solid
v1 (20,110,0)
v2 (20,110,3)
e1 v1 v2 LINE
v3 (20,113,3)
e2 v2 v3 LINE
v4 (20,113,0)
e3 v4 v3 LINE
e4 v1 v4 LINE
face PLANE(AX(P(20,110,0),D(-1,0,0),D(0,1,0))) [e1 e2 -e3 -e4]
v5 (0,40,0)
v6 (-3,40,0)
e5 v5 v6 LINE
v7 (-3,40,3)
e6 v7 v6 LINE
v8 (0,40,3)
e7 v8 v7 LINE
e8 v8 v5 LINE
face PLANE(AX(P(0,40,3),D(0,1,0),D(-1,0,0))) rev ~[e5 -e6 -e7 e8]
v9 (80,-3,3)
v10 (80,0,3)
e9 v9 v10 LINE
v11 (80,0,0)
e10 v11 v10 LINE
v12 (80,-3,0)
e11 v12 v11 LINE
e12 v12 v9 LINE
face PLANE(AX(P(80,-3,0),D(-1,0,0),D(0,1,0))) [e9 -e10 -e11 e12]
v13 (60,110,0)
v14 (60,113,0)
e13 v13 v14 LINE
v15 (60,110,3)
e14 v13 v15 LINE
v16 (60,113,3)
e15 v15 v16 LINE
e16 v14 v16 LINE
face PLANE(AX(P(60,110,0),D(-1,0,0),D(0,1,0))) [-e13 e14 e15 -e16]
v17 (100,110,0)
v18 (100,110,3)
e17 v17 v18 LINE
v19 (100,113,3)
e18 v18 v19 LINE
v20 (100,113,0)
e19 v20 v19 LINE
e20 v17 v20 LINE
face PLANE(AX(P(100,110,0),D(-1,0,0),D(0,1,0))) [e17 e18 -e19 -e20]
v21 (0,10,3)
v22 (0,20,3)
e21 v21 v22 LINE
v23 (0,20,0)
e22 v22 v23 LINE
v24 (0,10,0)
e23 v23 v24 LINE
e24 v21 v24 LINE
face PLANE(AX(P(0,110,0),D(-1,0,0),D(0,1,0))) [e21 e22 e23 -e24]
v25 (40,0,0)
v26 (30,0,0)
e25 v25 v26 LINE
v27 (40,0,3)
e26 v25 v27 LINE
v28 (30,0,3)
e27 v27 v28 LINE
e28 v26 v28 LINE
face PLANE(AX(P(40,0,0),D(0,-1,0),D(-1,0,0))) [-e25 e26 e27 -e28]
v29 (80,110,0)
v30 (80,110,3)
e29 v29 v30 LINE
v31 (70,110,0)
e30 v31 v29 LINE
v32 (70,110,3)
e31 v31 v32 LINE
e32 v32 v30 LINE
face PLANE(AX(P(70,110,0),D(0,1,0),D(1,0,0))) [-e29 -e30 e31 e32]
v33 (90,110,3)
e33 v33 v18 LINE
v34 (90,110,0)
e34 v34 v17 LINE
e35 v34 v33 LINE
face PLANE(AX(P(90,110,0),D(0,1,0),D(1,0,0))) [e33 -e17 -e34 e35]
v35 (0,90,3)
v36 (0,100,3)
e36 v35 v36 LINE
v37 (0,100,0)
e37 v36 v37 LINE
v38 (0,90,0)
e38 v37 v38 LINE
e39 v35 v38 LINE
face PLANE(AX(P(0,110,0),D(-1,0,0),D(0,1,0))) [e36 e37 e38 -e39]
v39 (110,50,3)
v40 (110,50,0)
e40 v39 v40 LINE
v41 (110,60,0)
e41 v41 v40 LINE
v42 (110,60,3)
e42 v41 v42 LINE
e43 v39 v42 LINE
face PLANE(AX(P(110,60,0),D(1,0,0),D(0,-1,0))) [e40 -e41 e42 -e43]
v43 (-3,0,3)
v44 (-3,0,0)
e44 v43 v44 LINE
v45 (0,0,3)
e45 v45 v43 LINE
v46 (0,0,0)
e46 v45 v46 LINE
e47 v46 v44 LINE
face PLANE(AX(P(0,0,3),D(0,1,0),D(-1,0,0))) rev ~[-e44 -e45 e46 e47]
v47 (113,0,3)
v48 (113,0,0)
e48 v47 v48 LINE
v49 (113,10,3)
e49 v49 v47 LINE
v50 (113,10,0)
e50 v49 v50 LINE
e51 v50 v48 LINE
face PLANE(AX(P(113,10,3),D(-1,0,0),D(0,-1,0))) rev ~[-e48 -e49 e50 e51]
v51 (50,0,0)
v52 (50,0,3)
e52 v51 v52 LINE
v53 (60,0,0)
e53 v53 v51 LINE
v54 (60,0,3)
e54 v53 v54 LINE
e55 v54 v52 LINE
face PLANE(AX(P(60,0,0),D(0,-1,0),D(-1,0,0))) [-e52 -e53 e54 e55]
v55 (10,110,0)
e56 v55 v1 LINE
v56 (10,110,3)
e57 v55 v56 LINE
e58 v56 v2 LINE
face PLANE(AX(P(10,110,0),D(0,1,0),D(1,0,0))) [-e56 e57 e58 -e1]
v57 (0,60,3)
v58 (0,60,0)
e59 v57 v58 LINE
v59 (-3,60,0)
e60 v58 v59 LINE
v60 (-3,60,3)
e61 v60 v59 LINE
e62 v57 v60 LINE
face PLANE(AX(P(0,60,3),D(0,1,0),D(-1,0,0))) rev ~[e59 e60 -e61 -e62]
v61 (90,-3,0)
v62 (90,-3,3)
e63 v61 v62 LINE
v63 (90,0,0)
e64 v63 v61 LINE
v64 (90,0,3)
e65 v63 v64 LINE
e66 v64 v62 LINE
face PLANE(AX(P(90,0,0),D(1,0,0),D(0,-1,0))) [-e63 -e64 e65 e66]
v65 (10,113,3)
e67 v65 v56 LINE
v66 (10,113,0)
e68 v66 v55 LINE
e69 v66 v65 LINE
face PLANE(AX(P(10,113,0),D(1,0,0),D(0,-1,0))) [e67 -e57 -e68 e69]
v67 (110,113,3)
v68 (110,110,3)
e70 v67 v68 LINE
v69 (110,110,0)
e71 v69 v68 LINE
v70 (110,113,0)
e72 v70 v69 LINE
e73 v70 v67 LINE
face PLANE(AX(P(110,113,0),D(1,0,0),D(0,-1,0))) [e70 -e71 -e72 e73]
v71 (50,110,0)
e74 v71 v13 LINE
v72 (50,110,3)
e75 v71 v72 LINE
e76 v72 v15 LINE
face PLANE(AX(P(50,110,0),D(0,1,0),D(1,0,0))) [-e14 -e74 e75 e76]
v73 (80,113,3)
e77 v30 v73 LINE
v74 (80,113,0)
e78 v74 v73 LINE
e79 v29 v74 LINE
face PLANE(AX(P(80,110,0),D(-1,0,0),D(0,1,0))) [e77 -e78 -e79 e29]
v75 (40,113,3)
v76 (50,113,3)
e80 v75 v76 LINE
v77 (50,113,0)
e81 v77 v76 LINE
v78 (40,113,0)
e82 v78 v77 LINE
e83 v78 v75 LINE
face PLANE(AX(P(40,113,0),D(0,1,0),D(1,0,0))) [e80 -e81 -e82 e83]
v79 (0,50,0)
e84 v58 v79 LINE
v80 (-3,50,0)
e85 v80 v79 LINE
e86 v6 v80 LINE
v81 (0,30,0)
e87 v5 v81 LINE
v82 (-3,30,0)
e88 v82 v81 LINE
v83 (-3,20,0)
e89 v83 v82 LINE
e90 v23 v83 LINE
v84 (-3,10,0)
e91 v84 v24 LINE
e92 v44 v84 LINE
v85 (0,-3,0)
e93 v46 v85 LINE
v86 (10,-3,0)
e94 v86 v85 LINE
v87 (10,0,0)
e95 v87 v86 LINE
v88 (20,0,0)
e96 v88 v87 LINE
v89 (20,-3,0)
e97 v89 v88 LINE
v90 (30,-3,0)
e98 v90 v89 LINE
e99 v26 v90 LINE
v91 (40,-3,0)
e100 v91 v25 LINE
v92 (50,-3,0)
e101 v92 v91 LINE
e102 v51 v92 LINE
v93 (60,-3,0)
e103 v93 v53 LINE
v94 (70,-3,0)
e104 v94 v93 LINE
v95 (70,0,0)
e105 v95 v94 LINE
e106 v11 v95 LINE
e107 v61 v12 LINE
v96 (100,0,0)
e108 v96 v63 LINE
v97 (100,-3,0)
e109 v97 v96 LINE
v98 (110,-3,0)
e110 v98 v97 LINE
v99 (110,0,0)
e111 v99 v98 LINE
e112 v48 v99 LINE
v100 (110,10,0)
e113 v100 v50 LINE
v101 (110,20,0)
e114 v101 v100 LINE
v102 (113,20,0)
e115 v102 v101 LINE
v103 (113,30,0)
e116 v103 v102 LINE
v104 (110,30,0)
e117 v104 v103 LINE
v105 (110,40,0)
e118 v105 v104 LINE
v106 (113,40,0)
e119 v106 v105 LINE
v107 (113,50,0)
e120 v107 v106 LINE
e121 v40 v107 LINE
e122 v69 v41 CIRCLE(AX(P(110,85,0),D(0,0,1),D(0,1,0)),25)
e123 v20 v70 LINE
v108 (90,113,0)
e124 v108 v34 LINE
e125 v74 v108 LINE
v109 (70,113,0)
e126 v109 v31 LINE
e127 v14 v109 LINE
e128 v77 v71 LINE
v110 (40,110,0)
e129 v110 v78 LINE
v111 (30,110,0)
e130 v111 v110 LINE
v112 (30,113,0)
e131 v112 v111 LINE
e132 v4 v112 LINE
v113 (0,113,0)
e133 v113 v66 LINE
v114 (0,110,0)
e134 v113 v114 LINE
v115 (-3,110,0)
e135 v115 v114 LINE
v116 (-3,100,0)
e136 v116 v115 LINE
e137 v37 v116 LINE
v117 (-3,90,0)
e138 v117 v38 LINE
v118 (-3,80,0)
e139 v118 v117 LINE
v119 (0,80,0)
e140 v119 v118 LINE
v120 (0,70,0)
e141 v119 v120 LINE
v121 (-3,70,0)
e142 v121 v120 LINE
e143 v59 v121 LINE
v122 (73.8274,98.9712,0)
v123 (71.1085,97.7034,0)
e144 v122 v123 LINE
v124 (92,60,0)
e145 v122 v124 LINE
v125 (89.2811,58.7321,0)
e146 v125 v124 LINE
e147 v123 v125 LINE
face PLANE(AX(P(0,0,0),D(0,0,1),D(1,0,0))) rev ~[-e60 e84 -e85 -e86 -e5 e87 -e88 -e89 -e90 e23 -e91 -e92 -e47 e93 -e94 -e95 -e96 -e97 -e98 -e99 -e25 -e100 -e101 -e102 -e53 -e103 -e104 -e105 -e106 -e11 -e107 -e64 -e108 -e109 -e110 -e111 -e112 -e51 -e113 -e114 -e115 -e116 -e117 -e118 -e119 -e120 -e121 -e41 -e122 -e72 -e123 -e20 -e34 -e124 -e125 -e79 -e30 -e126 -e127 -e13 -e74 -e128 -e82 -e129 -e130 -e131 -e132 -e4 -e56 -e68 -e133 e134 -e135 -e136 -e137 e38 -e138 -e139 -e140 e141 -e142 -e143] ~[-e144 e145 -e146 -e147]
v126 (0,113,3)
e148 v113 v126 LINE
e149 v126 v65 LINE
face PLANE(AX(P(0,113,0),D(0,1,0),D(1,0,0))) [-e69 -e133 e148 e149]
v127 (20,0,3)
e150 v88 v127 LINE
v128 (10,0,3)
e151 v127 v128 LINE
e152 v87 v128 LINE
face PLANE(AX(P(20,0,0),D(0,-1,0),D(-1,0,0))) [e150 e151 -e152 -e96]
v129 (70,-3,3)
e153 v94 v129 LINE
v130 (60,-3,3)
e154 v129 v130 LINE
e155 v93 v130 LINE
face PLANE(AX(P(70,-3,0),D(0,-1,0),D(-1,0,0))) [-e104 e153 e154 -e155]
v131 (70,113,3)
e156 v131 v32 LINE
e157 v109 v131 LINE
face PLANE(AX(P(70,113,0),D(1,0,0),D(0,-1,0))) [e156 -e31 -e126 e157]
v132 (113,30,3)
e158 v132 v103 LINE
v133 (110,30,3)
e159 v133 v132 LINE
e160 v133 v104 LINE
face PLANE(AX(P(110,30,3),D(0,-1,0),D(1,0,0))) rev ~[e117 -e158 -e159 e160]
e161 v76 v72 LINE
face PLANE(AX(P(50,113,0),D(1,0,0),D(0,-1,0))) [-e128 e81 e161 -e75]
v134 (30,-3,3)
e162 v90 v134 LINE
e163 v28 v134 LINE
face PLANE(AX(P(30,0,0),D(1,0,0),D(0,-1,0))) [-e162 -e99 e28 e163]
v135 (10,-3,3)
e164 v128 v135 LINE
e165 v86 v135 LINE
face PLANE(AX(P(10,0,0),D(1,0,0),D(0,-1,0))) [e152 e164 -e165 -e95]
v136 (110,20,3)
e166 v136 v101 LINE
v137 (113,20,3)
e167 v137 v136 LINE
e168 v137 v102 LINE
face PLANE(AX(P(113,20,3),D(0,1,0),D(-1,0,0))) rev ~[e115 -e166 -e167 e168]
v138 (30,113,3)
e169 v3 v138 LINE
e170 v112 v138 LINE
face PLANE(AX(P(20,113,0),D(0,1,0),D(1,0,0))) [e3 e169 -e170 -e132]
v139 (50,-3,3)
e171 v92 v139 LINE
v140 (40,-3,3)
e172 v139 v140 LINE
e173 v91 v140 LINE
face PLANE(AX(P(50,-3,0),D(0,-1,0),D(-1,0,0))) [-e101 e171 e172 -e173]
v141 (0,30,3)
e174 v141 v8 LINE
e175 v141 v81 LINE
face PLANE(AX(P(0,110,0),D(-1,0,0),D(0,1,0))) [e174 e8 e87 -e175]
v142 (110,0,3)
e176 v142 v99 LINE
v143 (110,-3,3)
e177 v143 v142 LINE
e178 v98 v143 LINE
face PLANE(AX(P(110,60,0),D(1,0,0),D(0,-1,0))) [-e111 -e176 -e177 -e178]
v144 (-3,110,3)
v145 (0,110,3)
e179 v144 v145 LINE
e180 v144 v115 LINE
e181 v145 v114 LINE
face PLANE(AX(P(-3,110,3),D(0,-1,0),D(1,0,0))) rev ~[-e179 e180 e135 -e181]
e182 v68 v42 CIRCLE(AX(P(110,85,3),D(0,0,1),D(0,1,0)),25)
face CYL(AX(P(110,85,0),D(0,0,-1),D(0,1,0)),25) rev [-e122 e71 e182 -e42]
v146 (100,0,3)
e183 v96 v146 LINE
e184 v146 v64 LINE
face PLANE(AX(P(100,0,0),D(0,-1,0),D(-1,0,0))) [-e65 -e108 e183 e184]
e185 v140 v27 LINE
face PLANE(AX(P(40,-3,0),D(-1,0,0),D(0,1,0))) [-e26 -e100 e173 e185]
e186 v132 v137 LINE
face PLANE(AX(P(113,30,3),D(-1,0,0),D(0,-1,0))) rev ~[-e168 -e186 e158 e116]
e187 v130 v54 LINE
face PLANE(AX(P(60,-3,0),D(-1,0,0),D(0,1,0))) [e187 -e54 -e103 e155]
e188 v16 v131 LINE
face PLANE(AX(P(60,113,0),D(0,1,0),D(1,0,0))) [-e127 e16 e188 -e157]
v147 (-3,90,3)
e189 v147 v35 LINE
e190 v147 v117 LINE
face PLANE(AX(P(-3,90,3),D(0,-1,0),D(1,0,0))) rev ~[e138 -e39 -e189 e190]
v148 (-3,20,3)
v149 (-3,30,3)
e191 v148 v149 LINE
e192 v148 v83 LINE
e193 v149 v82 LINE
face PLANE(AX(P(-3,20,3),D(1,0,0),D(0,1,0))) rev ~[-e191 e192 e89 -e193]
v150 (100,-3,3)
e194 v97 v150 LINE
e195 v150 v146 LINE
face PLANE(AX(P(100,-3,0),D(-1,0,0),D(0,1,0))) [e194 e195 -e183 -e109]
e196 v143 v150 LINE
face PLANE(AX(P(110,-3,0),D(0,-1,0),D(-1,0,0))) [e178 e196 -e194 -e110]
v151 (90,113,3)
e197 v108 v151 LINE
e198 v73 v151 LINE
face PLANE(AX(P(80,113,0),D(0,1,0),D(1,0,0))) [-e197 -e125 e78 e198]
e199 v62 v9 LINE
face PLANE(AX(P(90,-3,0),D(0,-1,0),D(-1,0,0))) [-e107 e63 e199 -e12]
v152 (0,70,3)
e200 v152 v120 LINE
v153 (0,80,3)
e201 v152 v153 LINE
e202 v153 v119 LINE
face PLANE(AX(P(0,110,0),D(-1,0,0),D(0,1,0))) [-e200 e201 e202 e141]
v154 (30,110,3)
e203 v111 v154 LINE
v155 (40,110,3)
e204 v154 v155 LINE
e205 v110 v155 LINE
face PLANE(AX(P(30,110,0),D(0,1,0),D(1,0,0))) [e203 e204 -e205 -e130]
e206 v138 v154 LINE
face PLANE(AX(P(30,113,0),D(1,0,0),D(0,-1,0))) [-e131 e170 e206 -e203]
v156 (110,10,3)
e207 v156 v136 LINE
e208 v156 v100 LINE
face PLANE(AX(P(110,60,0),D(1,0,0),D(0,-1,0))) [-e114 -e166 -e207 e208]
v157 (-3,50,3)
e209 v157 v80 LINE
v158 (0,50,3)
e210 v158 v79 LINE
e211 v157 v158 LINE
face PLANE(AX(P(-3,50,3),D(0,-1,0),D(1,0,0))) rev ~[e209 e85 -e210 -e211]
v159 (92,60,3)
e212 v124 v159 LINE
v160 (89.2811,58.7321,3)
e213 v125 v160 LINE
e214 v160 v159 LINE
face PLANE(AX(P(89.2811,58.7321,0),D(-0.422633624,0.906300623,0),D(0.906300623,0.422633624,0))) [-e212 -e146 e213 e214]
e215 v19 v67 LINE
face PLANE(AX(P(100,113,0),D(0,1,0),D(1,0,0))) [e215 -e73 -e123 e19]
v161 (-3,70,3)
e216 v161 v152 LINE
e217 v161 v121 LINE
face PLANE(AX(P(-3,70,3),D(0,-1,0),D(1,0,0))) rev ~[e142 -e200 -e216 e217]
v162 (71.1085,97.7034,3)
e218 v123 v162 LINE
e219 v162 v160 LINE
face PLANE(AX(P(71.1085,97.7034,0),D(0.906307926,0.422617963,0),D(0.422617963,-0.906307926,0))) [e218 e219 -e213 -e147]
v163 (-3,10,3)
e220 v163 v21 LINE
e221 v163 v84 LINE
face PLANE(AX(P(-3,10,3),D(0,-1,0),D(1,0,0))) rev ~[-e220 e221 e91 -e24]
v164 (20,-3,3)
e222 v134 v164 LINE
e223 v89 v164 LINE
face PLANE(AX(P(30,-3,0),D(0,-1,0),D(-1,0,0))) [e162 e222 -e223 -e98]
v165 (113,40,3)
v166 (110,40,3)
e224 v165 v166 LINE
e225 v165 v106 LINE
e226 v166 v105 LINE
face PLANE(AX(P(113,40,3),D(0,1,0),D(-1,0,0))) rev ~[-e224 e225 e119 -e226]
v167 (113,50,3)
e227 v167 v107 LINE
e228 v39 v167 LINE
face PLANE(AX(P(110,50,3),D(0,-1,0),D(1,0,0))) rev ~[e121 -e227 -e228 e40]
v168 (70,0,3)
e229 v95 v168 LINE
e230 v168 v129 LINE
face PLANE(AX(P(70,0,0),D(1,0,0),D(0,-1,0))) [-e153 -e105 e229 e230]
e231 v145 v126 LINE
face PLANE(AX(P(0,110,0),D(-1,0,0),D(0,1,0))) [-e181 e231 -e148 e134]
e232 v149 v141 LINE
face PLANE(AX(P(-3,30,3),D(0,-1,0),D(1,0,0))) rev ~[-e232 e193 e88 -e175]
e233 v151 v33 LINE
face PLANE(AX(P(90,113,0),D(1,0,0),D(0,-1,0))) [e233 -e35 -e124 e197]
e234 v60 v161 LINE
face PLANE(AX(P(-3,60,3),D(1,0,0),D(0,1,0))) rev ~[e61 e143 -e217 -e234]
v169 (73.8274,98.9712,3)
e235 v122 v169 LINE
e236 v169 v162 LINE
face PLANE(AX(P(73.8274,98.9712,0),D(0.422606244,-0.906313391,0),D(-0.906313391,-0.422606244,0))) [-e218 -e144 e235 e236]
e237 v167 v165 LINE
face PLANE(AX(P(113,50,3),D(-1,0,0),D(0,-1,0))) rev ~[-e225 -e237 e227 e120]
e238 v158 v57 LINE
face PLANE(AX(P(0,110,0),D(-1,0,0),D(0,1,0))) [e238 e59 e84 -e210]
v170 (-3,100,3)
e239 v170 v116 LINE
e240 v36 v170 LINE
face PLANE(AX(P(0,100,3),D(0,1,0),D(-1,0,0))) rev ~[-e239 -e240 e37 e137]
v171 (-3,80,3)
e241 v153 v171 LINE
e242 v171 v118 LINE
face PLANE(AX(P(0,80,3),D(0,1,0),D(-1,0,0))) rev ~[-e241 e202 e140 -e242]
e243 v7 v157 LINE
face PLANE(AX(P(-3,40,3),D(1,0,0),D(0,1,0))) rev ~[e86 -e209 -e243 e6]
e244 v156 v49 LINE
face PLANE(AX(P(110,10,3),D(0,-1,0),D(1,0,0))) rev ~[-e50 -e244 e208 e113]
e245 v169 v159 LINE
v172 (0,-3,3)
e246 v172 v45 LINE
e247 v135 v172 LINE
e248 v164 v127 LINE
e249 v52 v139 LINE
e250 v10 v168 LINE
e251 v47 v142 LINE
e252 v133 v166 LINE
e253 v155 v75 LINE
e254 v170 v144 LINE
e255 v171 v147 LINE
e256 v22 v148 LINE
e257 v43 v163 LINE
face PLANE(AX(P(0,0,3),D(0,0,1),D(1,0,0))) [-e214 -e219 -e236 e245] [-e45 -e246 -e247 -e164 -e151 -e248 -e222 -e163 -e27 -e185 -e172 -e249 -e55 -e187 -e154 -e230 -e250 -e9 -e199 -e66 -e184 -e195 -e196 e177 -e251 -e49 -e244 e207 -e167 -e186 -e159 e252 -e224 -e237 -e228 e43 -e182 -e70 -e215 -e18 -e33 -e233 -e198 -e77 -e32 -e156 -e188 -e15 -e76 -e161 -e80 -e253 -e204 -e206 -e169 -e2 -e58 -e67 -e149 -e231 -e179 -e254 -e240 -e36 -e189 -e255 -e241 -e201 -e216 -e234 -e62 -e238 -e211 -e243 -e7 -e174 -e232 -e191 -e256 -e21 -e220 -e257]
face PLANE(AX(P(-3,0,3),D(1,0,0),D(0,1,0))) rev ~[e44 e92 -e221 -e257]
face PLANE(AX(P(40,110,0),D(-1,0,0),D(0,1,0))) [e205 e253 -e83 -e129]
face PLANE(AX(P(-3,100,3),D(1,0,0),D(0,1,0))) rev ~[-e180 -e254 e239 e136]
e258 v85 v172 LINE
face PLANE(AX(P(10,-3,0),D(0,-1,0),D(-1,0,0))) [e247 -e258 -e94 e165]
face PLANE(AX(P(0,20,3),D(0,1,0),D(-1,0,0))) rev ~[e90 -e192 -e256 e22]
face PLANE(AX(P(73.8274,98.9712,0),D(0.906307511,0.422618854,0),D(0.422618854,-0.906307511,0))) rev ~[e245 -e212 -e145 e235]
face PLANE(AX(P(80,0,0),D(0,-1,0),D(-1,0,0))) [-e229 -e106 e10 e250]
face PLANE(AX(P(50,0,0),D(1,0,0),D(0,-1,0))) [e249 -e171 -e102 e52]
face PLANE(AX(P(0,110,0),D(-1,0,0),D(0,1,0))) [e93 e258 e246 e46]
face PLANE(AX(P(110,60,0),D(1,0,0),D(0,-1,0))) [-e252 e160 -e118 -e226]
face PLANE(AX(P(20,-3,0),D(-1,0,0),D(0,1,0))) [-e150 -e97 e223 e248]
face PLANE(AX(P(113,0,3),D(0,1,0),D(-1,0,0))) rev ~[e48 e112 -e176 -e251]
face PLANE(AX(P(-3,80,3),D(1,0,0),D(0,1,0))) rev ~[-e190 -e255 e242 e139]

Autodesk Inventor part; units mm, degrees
ref_plane "YZ Plane" through (0, 0, 0) normal (1, 0, 0) x (0, 1, 0)
ref_plane "XZ Plane" through (0, 0, 0) normal (0, 1, 0) x (-1, 0, 0)
ref_plane "XY Plane" through (0, 0, 0) normal (0, 0, 1) x (1, 0, 0)
sketch "Sketch1" plane through (0, 0, 0) normal (0, 0, 1) x (1, 0, 0)
  line L0 (0, 110) -> (110, 110)
  line L1 (110, 60) -> (110, 0)
  line L2 (110, 0) -> (0, 0)
  line L3 (0, 0) -> (0, 110)
  arc A0 (110, 110) -> (110, 60) centre (110, 85) ccw
  line L4 (73.8274, 98.9712) -> (73.8274, 60) construction
  line L5 (73.8274, 60) -> (92, 60) construction
  line L6 (73.8274, 98.9712) -> (92, 60)
  line L7 (92, 60) -> (73.8274, 98.9712) construction
  line L8 (73.8274, 98.9712) -> (71.1085, 97.7034)
  line L9 (71.1085, 97.7034) -> (89.2811, 58.7321)
  line L10 (89.2811, 58.7321) -> (92, 60)
  line L11 (0, 0) -> (10, 0)
  line L12 (10, 0) -> (10, -3)
  line L13 (10, -3) -> (0, -3)
  line L14 (0, -3) -> (0, 0)
  line L15 (30, 0) -> (30, -3)
  line L16 (20, 0) -> (30, 0)
  line L17 (20, -3) -> (20, 0)
  line L18 (30, -3) -> (20, -3)
  line L19 (50, 0) -> (50, -3)
  line L20 (40, 0) -> (50, 0)
  line L21 (40, -3) -> (40, 0)
  line L22 (50, -3) -> (40, -3)
  line L23 (70, 0) -> (70, -3)
  line L24 (60, 0) -> (70, 0)
  line L25 (60, -3) -> (60, 0)
  line L26 (70, -3) -> (60, -3)
  line L27 (90, 0) -> (90, -3)
  line L28 (80, 0) -> (90, 0)
  line L29 (80, -3) -> (80, 0)
  line L30 (90, -3) -> (80, -3)
  line L31 (110, 0) -> (110, -3)
  line L32 (100, 0) -> (110, 0)
  line L33 (100, -3) -> (100, 0)
  line L34 (110, -3) -> (100, -3)
  line L35 (10, 113) -> (10, 110)
  line L36 (0, 113) -> (10, 113)
  line L37 (0, 110) -> (0, 113)
  line L38 (10, 110) -> (0, 110)
  line L39 (30, 113) -> (30, 110)
  line L40 (20, 113) -> (30, 113)
  line L41 (20, 110) -> (20, 113)
  line L42 (30, 110) -> (20, 110)
  line L43 (50, 113) -> (50, 110)
  line L44 (40, 113) -> (50, 113)
  line L45 (40, 110) -> (40, 113)
  line L46 (50, 110) -> (40, 110)
  line L47 (70, 113) -> (70, 110)
  line L48 (60, 113) -> (70, 113)
  line L49 (60, 110) -> (60, 113)
  line L50 (70, 110) -> (60, 110)
  line L51 (90, 113) -> (90, 110)
  line L52 (80, 113) -> (90, 113)
  line L53 (80, 110) -> (80, 113)
  line L54 (90, 110) -> (80, 110)
  line L55 (110, 113) -> (110, 110)
  line L56 (100, 113) -> (110, 113)
  line L57 (100, 110) -> (100, 113)
  line L58 (110, 110) -> (100, 110)
  point P0 (0, 0)
  dimension "d1" = 110
  dimension "d2" = 110
  dimension "d3" = 110
  dimension "d4" = 25
  dimension "d6" = 18.1726
  dimension "d7" = 38.9712
  dimension "d8" = 18
  dimension "d9" = 3
  dimension "d12" = 3
  dimension "d13" = 10
  dimension "d16" = 20
  dimension "d19" = 113
extrude "Extrusion1" add sketch "Sketch1" along normal blind 3
sketch "Sketch2" plane through (0, 0, 3) normal (0, 0, 1) x (1, 0, 0)
  line L0 (0, 0) -> (-3, 0)
  line L1 (-3, 0) -> (-3, 10)
  line L2 (-3, 10) -> (0, 10)
  line L3 (0, 10) -> (0, 0)
  line L4 (0, 113) -> (0, -3) construction
  line L5 (90, 0) -> (100, 0) construction
  line L6 (0, 20) -> (-3, 20)
  line L7 (-3, 20) -> (-3, 30)
  line L8 (-3, 30) -> (0, 30)
  line L9 (0, 30) -> (0, 20)
  line L10 (0, 40) -> (-3, 40)
  line L11 (-3, 40) -> (-3, 50)
  line L12 (-3, 50) -> (0, 50)
  line L13 (0, 50) -> (0, 40)
  line L14 (0, 60) -> (-3, 60)
  line L15 (-3, 60) -> (-3, 70)
  line L16 (-3, 70) -> (0, 70)
  line L17 (0, 70) -> (0, 60)
  line L18 (0, 80) -> (-3, 80)
  line L19 (-3, 80) -> (-3, 90)
  line L20 (-3, 90) -> (0, 90)
  line L21 (0, 90) -> (0, 80)
  line L22 (0, 100) -> (-3, 100)
  line L23 (-3, 100) -> (-3, 110)
  line L24 (-3, 110) -> (0, 110)
  line L25 (0, 110) -> (0, 100)
  line L26 (113, 10) -> (113, 0)
  line L27 (113, 0) -> (110, 0)
  line L28 (110, 0) -> (110, 10)
  line L29 (110, 10) -> (113, 10)
  line L30 (0, 30) -> (0, 20)
  line L31 (0, 20) -> (-3, 20)
  line L32 (-3, 20) -> (-3, 30)
  line L33 (-3, 30) -> (0, 30)
  line L34 (113, 30) -> (113, 20)
  line L35 (113, 20) -> (110, 20)
  line L36 (110, 20) -> (110, 30)
  line L37 (110, 30) -> (113, 30)
  line L38 (0, 50) -> (0, 40)
  line L39 (0, 40) -> (-3, 40)
  line L40 (-3, 40) -> (-3, 50)
  line L41 (-3, 50) -> (0, 50)
  line L42 (113, 50) -> (113, 40)
  line L43 (113, 40) -> (110, 40)
  line L44 (110, 40) -> (110, 50)
  line L45 (110, 50) -> (113, 50)
  dimension "d22" = 3
  dimension "d23" = 10
  dimension "d26" = 20
  dimension "d33" = 113
  dimension "d36" = 20
extrude "Extrusion2" add sketch "Sketch2" against normal blind 3
properties part number "ParedPantalla"
